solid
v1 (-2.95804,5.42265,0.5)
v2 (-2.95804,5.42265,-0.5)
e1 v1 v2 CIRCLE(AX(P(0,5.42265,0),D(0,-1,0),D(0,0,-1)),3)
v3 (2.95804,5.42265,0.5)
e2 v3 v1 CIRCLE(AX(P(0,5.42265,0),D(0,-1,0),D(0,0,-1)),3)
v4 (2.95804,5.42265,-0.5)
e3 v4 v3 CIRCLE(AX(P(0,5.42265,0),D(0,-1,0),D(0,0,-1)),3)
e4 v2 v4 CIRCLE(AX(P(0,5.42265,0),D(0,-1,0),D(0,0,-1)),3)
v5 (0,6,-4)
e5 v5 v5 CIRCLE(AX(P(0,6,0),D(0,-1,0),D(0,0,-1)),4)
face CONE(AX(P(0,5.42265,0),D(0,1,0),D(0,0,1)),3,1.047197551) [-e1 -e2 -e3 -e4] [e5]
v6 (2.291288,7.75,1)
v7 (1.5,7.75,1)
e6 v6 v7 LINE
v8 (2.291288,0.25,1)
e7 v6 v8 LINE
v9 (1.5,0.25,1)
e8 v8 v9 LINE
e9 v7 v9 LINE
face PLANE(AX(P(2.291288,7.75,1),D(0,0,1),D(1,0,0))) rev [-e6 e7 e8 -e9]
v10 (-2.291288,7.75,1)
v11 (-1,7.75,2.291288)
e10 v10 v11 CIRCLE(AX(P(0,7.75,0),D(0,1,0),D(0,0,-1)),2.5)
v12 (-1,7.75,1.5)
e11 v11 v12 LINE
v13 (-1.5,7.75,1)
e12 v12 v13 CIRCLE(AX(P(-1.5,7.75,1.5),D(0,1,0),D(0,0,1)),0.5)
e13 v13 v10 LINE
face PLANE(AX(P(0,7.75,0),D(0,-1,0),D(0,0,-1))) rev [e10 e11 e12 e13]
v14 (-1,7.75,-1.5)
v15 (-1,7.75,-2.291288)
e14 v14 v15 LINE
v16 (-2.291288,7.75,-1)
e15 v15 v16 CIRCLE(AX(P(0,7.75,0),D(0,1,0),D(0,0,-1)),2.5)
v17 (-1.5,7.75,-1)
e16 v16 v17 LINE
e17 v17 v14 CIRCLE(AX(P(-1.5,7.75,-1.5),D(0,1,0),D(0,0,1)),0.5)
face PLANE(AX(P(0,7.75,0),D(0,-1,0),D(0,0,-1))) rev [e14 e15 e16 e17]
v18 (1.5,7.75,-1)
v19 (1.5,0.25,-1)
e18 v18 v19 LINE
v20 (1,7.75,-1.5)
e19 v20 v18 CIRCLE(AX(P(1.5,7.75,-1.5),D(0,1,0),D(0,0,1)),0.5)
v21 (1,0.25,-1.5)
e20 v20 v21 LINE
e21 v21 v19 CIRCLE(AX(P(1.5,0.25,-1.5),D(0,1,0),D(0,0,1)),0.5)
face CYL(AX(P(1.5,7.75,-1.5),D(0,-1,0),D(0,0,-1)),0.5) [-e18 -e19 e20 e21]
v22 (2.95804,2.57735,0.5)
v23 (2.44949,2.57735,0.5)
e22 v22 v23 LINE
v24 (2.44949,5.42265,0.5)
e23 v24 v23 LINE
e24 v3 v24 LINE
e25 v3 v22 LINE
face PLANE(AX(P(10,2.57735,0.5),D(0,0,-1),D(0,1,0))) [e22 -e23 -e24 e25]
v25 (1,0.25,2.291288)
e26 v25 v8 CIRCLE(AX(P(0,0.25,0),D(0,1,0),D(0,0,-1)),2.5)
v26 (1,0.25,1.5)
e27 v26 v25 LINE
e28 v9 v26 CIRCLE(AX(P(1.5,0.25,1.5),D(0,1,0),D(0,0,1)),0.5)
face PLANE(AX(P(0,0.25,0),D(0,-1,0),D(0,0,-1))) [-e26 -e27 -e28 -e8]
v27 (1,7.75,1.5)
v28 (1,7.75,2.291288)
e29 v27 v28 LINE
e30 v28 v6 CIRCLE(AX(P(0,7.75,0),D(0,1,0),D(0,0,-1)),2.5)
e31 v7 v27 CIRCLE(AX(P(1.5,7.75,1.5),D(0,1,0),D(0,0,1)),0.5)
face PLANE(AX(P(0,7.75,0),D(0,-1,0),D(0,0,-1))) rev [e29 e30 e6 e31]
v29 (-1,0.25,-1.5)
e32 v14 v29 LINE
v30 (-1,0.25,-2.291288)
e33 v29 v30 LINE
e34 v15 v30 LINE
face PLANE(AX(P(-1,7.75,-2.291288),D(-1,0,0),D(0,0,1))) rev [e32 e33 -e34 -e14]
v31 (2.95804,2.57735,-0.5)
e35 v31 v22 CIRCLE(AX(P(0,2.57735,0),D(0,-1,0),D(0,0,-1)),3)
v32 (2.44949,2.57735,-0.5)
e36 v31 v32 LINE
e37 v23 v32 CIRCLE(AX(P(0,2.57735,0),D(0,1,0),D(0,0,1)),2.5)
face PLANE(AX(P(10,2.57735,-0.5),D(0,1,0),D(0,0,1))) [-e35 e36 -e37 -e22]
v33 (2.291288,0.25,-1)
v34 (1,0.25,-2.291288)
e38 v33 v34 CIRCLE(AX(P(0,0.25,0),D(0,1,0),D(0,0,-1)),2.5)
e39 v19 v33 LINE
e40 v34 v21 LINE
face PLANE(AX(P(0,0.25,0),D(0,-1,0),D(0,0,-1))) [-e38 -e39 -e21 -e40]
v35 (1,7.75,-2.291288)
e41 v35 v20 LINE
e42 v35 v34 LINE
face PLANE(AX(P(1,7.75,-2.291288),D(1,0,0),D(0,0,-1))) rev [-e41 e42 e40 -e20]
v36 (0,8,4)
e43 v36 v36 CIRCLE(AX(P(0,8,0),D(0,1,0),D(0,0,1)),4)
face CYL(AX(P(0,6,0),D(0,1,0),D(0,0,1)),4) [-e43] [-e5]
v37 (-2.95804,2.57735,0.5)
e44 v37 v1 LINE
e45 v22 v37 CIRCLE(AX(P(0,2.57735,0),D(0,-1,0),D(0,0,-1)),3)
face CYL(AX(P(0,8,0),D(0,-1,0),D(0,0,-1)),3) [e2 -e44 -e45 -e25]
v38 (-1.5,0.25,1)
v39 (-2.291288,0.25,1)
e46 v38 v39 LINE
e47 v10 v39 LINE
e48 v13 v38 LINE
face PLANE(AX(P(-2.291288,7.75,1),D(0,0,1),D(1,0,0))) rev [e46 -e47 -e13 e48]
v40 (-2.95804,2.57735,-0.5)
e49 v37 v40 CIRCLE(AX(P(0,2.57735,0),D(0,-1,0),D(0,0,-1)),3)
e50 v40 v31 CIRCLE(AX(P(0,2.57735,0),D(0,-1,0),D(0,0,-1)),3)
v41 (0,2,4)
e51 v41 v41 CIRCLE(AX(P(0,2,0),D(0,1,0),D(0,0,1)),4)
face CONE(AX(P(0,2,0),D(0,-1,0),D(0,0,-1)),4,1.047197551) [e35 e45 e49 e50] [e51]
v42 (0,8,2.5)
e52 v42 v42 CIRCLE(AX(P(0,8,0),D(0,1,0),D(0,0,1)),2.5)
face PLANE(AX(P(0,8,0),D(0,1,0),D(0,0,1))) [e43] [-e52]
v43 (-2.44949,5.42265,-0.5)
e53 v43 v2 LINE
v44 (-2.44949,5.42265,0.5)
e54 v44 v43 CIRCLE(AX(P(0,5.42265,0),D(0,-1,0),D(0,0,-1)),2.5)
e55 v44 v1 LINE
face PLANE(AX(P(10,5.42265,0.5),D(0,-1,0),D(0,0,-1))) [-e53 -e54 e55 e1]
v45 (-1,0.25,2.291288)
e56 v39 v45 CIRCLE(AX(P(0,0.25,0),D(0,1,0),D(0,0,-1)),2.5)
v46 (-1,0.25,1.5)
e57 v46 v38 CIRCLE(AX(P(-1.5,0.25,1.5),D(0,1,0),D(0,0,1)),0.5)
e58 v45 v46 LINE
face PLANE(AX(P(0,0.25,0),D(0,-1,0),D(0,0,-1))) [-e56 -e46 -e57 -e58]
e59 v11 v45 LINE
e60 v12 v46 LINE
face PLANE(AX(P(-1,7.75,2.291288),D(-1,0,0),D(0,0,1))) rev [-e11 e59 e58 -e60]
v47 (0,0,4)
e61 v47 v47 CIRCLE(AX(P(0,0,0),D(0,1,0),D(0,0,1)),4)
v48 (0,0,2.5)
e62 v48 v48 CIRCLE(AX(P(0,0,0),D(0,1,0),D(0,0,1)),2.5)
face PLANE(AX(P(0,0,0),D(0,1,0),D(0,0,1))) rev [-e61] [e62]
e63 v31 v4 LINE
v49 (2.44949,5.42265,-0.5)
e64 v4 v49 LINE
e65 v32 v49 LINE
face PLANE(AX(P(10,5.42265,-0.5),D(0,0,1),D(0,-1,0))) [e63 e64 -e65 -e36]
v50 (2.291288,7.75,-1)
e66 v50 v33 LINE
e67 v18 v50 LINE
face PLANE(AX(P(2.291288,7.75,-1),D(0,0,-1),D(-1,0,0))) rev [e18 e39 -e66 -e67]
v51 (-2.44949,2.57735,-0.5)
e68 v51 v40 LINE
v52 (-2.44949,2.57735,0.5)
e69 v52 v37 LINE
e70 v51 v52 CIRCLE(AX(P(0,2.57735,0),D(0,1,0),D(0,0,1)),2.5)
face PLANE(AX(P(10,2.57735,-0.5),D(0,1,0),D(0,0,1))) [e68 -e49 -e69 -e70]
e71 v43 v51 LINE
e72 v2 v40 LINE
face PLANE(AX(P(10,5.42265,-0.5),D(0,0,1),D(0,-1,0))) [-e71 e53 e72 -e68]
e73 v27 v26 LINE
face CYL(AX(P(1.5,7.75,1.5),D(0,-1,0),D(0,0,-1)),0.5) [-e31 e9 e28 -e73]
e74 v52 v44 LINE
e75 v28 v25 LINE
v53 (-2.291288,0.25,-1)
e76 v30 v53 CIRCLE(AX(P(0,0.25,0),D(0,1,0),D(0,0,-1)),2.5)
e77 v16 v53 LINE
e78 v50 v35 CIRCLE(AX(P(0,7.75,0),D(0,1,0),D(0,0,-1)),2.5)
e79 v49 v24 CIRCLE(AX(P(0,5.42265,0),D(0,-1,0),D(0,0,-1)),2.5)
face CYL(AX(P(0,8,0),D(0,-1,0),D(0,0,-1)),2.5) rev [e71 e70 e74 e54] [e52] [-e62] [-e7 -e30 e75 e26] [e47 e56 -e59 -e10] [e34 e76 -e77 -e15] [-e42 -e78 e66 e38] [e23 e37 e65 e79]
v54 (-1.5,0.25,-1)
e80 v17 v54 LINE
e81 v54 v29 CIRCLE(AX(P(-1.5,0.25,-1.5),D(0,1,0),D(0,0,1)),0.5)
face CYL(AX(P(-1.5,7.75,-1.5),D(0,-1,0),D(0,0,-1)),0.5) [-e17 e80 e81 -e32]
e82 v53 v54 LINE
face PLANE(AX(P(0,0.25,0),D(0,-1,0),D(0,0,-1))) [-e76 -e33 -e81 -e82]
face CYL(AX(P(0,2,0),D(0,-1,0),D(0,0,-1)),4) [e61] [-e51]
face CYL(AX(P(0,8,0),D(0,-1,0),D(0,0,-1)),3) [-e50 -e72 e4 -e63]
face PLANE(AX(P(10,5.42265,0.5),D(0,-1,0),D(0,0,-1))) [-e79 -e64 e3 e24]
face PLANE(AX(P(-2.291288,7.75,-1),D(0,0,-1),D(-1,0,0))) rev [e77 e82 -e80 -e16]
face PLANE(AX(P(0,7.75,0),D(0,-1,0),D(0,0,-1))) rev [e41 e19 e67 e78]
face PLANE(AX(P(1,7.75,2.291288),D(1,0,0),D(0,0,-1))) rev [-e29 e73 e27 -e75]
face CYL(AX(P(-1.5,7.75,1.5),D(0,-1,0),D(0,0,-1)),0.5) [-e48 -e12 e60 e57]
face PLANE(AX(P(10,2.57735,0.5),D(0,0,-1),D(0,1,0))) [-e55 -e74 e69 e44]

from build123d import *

# Parameters (mm, degrees)
SKETCH1_R               = 3
SKETCH1_R_2             = 2.5
BOSS_EXTRUDE1_DEPTH     = 8
BOSS_EXTRUDE2_START     = 0.25
BOSS_EXTRUDE2_DEPTH     = 7.5
SKETCH4_R               = 4
SKETCH4_R_2             = 3
BOSS_EXTRUDE3_DEPTH     = 2
BOSS_EXTRUDE4_START     = 6
SKETCH4_2_R             = 4
SKETCH4_2_R_2           = 3
BOSS_EXTRUDE4_DEPTH     = 2
CUT_EXTRUDE1_DEPTH      = 10
CUT_EXTRUDE1_DEPTH_BACK = 10
SKETCH6_W               = 1
SKETCH6_H               = 2.845299462


with BuildPart() as part:
    # Sketch1 → Boss-Extrude1 (new body)
    with BuildSketch(Plane(origin=(0, 0, 0), x_dir=(1, 0, 0), z_dir=(0, 1, 0))):
        Circle(SKETCH1_R)
        Circle(SKETCH1_R_2, mode=Mode.SUBTRACT)
    extrude(amount=BOSS_EXTRUDE1_DEPTH)

    # Sketch3 → Boss-Extrude2 (add)
    with BuildSketch(Plane(origin=(0, 0, 0), x_dir=(1, 0, 0), z_dir=(0, 1, 0)).offset(BOSS_EXTRUDE2_START)):
        with BuildLine():
            Line((1, 2.291287847), (1, 1.5))
            ThreePointArc((1, 1.5), (1.146446609, 1.146446609), (1.5, 1))
            Line((1.5, 1), (2.291287847, 1))
            ThreePointArc((2.291287847, 1), (1.767766953, 1.767766953), (1, 2.291287847))
        make_face()
        with BuildLine():
            Line((1, -2.291287847), (1, -1.5))
            ThreePointArc((1, -1.5), (1.146446609, -1.146446609), (1.5, -1))
            Line((1.5, -1), (2.291287847, -1))
            ThreePointArc((2.291287847, -1), (1.767766953, -1.767766953), (1, -2.291287847))
        make_face()
        with BuildLine():
            Line((-2.291287847, -1), (-1.5, -1))
            ThreePointArc((-1.5, -1), (-1.146446609, -1.146446609), (-1, -1.5))
            Line((-1, -1.5), (-1, -2.291287847))
            ThreePointArc((-1, -2.291287847), (-1.767766953, -1.767766953), (-2.291287847, -1))
        make_face()
        with BuildLine():
            Line((-1, 2.291287847), (-1, 1.5))
            ThreePointArc((-1, 1.5), (-1.146446609, 1.146446609), (-1.5, 1))
            Line((-1.5, 1), (-2.291287847, 1))
            ThreePointArc((-2.291287847, 1), (-1.767766953, 1.767766953), (-1, 2.291287847))
        make_face()
    extrude(amount=BOSS_EXTRUDE2_DEPTH)

    # Sketch4 → Boss-Extrude3 (add)
    with BuildSketch(Plane(origin=(0, 0, 0), x_dir=(1, 0, 0), z_dir=(0, 1, 0))):
        Circle(SKETCH4_R)
        Circle(SKETCH4_R_2, mode=Mode.SUBTRACT)
    extrude(amount=BOSS_EXTRUDE3_DEPTH)

    # Sketch4<2> → Boss-Extrude4 (add)
    with BuildSketch(Plane(origin=(0, 0, 0), x_dir=(1, 0, 0), z_dir=(0, 1, 0)).offset(BOSS_EXTRUDE4_START)):
        Circle(SKETCH4_2_R)
        Circle(SKETCH4_2_R_2, mode=Mode.SUBTRACT)
    extrude(amount=BOSS_EXTRUDE4_DEPTH)

    # Sketch5 → Revolve1 (revolve)
    with BuildSketch(Plane(origin=(0, 0, 0), x_dir=(0, 0, -1), z_dir=(1, 0, 0))):
        Polygon((3, 2.577350269), (4, 2), (3, 2), align=None)
        Polygon((3, 6), (4, 6), (3, 5.422649731), align=None)
    revolve(axis=Axis((0, -0.512701632, 0), (0, 1, 0)))

    # Sketch6 → Cut-Extrude1 (cut, two sides: drawn at the far end of the back side and taken through both)
    with BuildSketch(Plane(origin=(0, 0, 0), x_dir=(0, 0, -1), z_dir=(1, 0, 0)).offset(-CUT_EXTRUDE1_DEPTH_BACK)):
        with Locations((0, 4)):
            Rectangle(SKETCH6_W, SKETCH6_H)
    extrude(amount=CUT_EXTRUDE1_DEPTH + CUT_EXTRUDE1_DEPTH_BACK, mode=Mode.SUBTRACT)


solid = part.part
